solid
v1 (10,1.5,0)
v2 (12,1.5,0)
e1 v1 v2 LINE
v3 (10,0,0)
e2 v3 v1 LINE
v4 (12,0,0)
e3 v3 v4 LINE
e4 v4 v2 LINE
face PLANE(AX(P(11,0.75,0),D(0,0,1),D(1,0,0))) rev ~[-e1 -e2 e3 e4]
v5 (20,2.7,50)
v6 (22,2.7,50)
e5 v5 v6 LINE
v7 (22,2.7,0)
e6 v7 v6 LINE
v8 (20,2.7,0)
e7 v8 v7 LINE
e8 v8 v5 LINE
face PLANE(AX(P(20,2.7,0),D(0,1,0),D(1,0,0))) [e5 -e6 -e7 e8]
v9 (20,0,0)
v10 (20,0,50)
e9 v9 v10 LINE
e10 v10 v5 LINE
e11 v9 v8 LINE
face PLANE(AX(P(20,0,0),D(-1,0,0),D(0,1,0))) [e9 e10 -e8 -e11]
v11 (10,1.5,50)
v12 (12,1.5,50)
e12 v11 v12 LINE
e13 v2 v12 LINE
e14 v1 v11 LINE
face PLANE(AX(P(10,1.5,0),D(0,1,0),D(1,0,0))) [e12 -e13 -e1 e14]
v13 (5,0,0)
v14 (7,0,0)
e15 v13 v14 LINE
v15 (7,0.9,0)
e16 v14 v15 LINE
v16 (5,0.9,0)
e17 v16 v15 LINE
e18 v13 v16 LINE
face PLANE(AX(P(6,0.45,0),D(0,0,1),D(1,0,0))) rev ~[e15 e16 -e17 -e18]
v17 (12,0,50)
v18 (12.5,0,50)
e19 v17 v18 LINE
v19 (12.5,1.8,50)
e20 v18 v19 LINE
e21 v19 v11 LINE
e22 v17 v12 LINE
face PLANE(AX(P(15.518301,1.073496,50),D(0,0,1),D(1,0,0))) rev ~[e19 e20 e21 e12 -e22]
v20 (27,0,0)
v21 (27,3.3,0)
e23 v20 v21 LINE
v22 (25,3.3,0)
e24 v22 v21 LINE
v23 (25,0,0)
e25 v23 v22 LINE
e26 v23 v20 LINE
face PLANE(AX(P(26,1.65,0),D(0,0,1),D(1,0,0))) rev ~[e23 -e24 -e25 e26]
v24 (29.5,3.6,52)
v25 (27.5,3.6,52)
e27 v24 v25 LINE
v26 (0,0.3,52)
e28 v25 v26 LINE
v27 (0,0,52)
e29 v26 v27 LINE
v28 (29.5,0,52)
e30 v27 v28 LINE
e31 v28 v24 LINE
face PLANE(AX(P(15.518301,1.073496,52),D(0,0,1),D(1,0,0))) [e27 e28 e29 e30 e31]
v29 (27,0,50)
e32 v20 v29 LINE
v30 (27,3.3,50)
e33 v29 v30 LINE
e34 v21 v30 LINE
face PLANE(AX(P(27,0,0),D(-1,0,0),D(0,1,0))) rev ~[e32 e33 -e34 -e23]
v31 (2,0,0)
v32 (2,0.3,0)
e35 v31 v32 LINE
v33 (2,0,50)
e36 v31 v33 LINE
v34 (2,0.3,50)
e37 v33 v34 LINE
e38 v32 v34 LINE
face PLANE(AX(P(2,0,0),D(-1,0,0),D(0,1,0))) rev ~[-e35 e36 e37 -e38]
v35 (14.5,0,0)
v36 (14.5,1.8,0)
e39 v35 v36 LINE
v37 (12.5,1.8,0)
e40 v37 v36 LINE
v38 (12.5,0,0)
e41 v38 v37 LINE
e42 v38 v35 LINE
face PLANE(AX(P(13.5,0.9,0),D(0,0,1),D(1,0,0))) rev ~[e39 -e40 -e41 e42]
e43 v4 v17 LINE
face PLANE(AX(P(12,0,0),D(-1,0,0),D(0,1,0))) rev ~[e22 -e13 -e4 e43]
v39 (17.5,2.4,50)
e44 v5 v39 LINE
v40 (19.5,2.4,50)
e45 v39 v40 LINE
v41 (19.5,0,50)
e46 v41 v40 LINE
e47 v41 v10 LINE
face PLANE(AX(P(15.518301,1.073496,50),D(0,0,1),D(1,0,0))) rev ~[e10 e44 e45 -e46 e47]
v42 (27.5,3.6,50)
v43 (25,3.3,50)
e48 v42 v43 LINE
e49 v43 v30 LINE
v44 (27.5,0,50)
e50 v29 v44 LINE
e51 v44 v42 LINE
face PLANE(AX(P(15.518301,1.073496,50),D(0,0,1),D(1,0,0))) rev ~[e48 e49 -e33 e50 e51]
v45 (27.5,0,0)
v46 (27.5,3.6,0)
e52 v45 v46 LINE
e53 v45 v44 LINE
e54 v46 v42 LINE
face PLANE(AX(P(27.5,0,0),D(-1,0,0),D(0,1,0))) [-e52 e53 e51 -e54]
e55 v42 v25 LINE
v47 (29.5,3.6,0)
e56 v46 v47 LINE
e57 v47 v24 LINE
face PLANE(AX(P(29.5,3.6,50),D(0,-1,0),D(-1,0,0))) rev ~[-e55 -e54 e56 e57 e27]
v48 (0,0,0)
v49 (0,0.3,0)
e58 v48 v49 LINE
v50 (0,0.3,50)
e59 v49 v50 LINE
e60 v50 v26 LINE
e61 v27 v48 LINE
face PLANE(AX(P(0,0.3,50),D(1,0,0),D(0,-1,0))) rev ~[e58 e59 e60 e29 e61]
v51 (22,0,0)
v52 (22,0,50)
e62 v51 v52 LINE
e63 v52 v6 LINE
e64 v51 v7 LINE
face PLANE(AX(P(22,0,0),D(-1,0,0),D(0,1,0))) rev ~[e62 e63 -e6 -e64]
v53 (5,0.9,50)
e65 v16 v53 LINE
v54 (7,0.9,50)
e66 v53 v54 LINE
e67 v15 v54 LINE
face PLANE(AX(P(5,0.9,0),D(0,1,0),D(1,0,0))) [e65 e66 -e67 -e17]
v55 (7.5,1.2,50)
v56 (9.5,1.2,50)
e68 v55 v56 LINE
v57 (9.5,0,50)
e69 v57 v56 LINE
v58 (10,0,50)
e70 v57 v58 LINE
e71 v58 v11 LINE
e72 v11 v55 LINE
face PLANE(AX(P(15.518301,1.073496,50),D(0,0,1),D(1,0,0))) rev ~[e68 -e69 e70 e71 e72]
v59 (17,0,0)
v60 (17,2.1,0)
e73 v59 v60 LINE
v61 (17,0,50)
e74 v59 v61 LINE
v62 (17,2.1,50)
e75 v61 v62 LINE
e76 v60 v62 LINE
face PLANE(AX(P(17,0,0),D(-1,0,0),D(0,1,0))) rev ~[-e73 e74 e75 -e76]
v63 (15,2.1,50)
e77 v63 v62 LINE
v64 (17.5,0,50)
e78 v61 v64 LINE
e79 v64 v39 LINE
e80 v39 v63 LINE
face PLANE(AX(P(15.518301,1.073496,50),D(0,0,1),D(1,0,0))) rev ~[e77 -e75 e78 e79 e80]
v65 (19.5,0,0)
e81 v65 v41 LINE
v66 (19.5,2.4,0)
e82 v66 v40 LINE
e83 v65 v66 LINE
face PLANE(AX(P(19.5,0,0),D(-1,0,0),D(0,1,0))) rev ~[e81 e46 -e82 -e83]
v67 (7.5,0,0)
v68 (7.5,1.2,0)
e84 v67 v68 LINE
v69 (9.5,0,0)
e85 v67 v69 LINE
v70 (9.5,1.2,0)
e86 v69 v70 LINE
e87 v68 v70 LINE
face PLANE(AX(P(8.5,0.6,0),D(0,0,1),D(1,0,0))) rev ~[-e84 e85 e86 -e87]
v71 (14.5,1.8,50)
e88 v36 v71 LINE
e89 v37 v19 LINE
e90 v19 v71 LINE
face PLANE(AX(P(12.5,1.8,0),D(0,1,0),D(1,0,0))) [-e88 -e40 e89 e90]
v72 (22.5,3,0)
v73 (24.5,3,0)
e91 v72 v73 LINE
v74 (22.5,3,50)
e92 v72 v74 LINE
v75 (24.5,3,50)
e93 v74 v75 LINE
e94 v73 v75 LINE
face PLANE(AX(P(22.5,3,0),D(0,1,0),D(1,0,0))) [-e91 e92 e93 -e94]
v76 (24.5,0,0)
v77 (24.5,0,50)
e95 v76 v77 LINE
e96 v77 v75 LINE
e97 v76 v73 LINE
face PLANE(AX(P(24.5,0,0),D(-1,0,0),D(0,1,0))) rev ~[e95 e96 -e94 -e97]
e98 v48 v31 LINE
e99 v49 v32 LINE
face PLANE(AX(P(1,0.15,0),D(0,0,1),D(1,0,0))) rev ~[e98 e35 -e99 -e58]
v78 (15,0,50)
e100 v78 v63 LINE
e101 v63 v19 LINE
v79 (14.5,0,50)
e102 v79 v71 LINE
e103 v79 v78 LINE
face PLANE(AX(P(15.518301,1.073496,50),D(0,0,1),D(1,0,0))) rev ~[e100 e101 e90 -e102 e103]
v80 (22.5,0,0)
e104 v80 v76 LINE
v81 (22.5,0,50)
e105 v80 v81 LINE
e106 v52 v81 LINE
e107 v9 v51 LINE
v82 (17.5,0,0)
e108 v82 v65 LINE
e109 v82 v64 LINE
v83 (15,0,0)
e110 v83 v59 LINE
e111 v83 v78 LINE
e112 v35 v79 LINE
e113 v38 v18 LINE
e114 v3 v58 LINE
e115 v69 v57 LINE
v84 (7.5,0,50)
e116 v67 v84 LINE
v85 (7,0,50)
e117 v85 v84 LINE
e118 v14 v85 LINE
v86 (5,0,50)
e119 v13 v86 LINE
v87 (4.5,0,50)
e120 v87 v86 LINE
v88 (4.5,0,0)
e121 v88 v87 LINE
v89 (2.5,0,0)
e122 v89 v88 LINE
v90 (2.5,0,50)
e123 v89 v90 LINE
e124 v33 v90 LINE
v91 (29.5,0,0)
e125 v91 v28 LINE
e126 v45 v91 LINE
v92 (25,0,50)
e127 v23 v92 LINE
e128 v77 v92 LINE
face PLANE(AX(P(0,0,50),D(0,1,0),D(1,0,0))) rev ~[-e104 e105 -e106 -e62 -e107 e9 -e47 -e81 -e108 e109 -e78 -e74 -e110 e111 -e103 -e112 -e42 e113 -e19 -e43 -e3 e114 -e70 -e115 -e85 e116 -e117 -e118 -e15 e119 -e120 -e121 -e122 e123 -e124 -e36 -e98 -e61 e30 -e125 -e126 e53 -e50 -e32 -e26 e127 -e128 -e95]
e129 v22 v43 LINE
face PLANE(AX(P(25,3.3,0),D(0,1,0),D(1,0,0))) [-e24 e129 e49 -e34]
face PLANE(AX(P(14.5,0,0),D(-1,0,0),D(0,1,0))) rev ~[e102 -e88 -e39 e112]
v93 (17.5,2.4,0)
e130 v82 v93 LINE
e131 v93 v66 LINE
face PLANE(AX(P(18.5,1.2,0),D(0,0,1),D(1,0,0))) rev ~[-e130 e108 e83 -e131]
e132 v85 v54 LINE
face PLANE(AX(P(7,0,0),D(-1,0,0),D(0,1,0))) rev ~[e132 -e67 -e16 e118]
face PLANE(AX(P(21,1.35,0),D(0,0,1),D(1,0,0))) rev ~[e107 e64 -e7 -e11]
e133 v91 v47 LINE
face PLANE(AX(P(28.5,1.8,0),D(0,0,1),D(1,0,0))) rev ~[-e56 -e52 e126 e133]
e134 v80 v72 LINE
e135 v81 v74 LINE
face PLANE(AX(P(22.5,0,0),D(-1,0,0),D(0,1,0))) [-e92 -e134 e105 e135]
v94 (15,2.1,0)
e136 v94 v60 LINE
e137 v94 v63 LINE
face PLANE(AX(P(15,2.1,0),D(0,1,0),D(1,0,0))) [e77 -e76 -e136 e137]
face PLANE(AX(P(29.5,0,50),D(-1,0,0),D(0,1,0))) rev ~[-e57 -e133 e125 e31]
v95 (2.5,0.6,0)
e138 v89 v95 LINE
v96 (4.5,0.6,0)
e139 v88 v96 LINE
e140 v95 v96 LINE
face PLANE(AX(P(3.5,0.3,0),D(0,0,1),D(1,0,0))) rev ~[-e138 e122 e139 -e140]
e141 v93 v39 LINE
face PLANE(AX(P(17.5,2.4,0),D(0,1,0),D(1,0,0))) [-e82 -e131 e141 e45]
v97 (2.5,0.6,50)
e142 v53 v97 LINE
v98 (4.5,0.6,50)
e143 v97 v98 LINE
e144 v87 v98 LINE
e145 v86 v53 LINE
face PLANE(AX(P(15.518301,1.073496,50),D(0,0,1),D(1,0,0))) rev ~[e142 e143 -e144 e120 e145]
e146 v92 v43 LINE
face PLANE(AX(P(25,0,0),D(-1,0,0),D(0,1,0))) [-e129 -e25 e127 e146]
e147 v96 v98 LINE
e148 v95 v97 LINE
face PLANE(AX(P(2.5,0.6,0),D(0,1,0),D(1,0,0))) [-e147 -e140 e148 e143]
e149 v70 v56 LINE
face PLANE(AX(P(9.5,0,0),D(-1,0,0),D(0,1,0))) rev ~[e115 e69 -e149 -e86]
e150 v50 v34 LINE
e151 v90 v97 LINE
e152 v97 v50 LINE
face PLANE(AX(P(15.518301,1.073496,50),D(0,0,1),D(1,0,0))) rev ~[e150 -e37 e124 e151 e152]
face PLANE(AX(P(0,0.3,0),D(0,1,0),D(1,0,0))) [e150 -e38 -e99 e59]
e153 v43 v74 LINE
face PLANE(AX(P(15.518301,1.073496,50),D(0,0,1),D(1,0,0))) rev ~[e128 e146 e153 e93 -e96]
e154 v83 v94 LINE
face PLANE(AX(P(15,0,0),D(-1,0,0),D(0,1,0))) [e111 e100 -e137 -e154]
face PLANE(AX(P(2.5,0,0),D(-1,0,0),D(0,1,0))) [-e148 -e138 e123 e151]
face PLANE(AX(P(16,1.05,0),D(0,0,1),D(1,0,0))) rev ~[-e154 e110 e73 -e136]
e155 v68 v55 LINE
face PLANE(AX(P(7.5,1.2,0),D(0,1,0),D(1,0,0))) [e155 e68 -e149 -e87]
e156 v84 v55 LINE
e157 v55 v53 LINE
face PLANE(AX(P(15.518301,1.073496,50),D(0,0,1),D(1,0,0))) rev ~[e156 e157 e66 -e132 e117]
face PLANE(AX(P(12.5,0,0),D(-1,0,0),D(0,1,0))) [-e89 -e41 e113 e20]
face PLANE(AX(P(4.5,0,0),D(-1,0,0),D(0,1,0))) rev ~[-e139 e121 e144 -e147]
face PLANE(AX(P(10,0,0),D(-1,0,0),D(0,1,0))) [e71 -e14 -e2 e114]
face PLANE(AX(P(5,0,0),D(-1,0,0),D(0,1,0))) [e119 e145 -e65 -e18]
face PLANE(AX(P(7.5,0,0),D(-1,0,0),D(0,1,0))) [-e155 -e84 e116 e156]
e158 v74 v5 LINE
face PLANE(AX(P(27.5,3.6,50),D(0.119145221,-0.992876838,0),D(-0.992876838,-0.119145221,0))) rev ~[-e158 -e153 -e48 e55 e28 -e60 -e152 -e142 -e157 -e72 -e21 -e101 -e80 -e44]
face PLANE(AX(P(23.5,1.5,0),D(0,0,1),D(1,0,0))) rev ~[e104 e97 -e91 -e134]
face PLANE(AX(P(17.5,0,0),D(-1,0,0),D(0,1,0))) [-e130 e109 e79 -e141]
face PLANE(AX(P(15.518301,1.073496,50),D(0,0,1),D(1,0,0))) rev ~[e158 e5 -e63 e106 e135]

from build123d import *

# Parameters (mm, degrees)
SKETCH1_W              = 2
SKETCH1_H              = 0.3
BOSS_EXTRUDE1_DEPTH    = 50
SKETCH1_H_2            = 0.6
BOSS_EXTRUDE1_2_DEPTH  = 50
SKETCH1_H_3            = 0.9
BOSS_EXTRUDE1_3_DEPTH  = 50
SKETCH1_H_4            = 1.2
BOSS_EXTRUDE1_4_DEPTH  = 50
SKETCH1_H_5            = 1.5
BOSS_EXTRUDE1_5_DEPTH  = 50
SKETCH1_H_6            = 1.8
BOSS_EXTRUDE1_6_DEPTH  = 50
SKETCH1_H_7            = 2.1
BOSS_EXTRUDE1_7_DEPTH  = 50
SKETCH1_H_8            = 2.4
BOSS_EXTRUDE1_8_DEPTH  = 50
SKETCH1_H_9            = 2.7
BOSS_EXTRUDE1_9_DEPTH  = 50
SKETCH1_H_10           = 3
BOSS_EXTRUDE1_10_DEPTH = 50
SKETCH1_H_11           = 3.3
BOSS_EXTRUDE1_11_DEPTH = 50
SKETCH1_H_12           = 3.6
BOSS_EXTRUDE1_12_DEPTH = 50
BOSS_EXTRUDE2_DEPTH    = 2


with BuildPart() as part:
    # Sketch1 → Boss-Extrude1 (new body)
    with BuildSketch(Plane.XY):
        with Locations((1, 0.15)):
            Rectangle(SKETCH1_W, SKETCH1_H)
    extrude(amount=BOSS_EXTRUDE1_DEPTH)



with BuildPart() as body_2:
    # Sketch1 → Boss-Extrude1 2 (new body)
    with BuildSketch(Plane.XY):
        with Locations((3.5, 0.3)):
            Rectangle(SKETCH1_W, SKETCH1_H_2)
    extrude(amount=BOSS_EXTRUDE1_2_DEPTH)


with BuildPart() as body_3:
    # Sketch1 → Boss-Extrude1 3 (new body)
    with BuildSketch(Plane.XY):
        with Locations((6, 0.45)):
            Rectangle(SKETCH1_W, SKETCH1_H_3)
    extrude(amount=BOSS_EXTRUDE1_3_DEPTH)


with BuildPart() as body_4:
    # Sketch1 → Boss-Extrude1 4 (new body)
    with BuildSketch(Plane.XY):
        with Locations((8.5, 0.6)):
            Rectangle(SKETCH1_W, SKETCH1_H_4)
    extrude(amount=BOSS_EXTRUDE1_4_DEPTH)


with BuildPart() as body_5:
    # Sketch1 → Boss-Extrude1 5 (new body)
    with BuildSketch(Plane.XY):
        with Locations((11, 0.75)):
            Rectangle(SKETCH1_W, SKETCH1_H_5)
    extrude(amount=BOSS_EXTRUDE1_5_DEPTH)


with BuildPart() as body_6:
    # Sketch1 → Boss-Extrude1 6 (new body)
    with BuildSketch(Plane.XY):
        with Locations((13.5, 0.9)):
            Rectangle(SKETCH1_W, SKETCH1_H_6)
    extrude(amount=BOSS_EXTRUDE1_6_DEPTH)


with BuildPart() as body_7:
    # Sketch1 → Boss-Extrude1 7 (new body)
    with BuildSketch(Plane.XY):
        with Locations((16, 1.05)):
            Rectangle(SKETCH1_W, SKETCH1_H_7)
    extrude(amount=BOSS_EXTRUDE1_7_DEPTH)


with BuildPart() as body_8:
    # Sketch1 → Boss-Extrude1 8 (new body)
    with BuildSketch(Plane.XY):
        with Locations((18.5, 1.2)):
            Rectangle(SKETCH1_W, SKETCH1_H_8)
    extrude(amount=BOSS_EXTRUDE1_8_DEPTH)


with BuildPart() as body_9:
    # Sketch1 → Boss-Extrude1 9 (new body)
    with BuildSketch(Plane.XY):
        with Locations((21, 1.35)):
            Rectangle(SKETCH1_W, SKETCH1_H_9)
    extrude(amount=BOSS_EXTRUDE1_9_DEPTH)


with BuildPart() as body_10:
    # Sketch1 → Boss-Extrude1 10 (new body)
    with BuildSketch(Plane.XY):
        with Locations((23.5, 1.5)):
            Rectangle(SKETCH1_W, SKETCH1_H_10)
    extrude(amount=BOSS_EXTRUDE1_10_DEPTH)


with BuildPart() as body_11:
    # Sketch1 → Boss-Extrude1 11 (new body)
    with BuildSketch(Plane.XY):
        with Locations((26, 1.65)):
            Rectangle(SKETCH1_W, SKETCH1_H_11)
    extrude(amount=BOSS_EXTRUDE1_11_DEPTH)


with BuildPart() as body_12:
    # Sketch1 → Boss-Extrude1 12 (new body)
    with BuildSketch(Plane.XY):
        with Locations((28.5, 1.8)):
            Rectangle(SKETCH1_W, SKETCH1_H_12)
    extrude(amount=BOSS_EXTRUDE1_12_DEPTH)


with BuildPart() as part_1:
    add(part.part)

    add(body_2.part)  # Boss-Extrude2 merges body 2

    add(body_3.part)  # Boss-Extrude2 merges body 3

    add(body_4.part)  # Boss-Extrude2 merges body 4

    add(body_5.part)  # Boss-Extrude2 merges body 5

    add(body_6.part)  # Boss-Extrude2 merges body 6

    add(body_7.part)  # Boss-Extrude2 merges body 7

    add(body_8.part)  # Boss-Extrude2 merges body 8

    add(body_9.part)  # Boss-Extrude2 merges body 9

    add(body_10.part)  # Boss-Extrude2 merges body 10

    add(body_11.part)  # Boss-Extrude2 merges body 11

    add(body_12.part)  # Boss-Extrude2 merges body 12
    # Sketch2 → Boss-Extrude2 (add)
    with BuildSketch(Plane.XY.offset(50)):
        Polygon((0, 0), (29.5, 0), (29.5, 3.6), (27.5, 3.6), (0, 0.3), align=None)
    extrude(amount=BOSS_EXTRUDE2_DEPTH)


solid = part_1.part
